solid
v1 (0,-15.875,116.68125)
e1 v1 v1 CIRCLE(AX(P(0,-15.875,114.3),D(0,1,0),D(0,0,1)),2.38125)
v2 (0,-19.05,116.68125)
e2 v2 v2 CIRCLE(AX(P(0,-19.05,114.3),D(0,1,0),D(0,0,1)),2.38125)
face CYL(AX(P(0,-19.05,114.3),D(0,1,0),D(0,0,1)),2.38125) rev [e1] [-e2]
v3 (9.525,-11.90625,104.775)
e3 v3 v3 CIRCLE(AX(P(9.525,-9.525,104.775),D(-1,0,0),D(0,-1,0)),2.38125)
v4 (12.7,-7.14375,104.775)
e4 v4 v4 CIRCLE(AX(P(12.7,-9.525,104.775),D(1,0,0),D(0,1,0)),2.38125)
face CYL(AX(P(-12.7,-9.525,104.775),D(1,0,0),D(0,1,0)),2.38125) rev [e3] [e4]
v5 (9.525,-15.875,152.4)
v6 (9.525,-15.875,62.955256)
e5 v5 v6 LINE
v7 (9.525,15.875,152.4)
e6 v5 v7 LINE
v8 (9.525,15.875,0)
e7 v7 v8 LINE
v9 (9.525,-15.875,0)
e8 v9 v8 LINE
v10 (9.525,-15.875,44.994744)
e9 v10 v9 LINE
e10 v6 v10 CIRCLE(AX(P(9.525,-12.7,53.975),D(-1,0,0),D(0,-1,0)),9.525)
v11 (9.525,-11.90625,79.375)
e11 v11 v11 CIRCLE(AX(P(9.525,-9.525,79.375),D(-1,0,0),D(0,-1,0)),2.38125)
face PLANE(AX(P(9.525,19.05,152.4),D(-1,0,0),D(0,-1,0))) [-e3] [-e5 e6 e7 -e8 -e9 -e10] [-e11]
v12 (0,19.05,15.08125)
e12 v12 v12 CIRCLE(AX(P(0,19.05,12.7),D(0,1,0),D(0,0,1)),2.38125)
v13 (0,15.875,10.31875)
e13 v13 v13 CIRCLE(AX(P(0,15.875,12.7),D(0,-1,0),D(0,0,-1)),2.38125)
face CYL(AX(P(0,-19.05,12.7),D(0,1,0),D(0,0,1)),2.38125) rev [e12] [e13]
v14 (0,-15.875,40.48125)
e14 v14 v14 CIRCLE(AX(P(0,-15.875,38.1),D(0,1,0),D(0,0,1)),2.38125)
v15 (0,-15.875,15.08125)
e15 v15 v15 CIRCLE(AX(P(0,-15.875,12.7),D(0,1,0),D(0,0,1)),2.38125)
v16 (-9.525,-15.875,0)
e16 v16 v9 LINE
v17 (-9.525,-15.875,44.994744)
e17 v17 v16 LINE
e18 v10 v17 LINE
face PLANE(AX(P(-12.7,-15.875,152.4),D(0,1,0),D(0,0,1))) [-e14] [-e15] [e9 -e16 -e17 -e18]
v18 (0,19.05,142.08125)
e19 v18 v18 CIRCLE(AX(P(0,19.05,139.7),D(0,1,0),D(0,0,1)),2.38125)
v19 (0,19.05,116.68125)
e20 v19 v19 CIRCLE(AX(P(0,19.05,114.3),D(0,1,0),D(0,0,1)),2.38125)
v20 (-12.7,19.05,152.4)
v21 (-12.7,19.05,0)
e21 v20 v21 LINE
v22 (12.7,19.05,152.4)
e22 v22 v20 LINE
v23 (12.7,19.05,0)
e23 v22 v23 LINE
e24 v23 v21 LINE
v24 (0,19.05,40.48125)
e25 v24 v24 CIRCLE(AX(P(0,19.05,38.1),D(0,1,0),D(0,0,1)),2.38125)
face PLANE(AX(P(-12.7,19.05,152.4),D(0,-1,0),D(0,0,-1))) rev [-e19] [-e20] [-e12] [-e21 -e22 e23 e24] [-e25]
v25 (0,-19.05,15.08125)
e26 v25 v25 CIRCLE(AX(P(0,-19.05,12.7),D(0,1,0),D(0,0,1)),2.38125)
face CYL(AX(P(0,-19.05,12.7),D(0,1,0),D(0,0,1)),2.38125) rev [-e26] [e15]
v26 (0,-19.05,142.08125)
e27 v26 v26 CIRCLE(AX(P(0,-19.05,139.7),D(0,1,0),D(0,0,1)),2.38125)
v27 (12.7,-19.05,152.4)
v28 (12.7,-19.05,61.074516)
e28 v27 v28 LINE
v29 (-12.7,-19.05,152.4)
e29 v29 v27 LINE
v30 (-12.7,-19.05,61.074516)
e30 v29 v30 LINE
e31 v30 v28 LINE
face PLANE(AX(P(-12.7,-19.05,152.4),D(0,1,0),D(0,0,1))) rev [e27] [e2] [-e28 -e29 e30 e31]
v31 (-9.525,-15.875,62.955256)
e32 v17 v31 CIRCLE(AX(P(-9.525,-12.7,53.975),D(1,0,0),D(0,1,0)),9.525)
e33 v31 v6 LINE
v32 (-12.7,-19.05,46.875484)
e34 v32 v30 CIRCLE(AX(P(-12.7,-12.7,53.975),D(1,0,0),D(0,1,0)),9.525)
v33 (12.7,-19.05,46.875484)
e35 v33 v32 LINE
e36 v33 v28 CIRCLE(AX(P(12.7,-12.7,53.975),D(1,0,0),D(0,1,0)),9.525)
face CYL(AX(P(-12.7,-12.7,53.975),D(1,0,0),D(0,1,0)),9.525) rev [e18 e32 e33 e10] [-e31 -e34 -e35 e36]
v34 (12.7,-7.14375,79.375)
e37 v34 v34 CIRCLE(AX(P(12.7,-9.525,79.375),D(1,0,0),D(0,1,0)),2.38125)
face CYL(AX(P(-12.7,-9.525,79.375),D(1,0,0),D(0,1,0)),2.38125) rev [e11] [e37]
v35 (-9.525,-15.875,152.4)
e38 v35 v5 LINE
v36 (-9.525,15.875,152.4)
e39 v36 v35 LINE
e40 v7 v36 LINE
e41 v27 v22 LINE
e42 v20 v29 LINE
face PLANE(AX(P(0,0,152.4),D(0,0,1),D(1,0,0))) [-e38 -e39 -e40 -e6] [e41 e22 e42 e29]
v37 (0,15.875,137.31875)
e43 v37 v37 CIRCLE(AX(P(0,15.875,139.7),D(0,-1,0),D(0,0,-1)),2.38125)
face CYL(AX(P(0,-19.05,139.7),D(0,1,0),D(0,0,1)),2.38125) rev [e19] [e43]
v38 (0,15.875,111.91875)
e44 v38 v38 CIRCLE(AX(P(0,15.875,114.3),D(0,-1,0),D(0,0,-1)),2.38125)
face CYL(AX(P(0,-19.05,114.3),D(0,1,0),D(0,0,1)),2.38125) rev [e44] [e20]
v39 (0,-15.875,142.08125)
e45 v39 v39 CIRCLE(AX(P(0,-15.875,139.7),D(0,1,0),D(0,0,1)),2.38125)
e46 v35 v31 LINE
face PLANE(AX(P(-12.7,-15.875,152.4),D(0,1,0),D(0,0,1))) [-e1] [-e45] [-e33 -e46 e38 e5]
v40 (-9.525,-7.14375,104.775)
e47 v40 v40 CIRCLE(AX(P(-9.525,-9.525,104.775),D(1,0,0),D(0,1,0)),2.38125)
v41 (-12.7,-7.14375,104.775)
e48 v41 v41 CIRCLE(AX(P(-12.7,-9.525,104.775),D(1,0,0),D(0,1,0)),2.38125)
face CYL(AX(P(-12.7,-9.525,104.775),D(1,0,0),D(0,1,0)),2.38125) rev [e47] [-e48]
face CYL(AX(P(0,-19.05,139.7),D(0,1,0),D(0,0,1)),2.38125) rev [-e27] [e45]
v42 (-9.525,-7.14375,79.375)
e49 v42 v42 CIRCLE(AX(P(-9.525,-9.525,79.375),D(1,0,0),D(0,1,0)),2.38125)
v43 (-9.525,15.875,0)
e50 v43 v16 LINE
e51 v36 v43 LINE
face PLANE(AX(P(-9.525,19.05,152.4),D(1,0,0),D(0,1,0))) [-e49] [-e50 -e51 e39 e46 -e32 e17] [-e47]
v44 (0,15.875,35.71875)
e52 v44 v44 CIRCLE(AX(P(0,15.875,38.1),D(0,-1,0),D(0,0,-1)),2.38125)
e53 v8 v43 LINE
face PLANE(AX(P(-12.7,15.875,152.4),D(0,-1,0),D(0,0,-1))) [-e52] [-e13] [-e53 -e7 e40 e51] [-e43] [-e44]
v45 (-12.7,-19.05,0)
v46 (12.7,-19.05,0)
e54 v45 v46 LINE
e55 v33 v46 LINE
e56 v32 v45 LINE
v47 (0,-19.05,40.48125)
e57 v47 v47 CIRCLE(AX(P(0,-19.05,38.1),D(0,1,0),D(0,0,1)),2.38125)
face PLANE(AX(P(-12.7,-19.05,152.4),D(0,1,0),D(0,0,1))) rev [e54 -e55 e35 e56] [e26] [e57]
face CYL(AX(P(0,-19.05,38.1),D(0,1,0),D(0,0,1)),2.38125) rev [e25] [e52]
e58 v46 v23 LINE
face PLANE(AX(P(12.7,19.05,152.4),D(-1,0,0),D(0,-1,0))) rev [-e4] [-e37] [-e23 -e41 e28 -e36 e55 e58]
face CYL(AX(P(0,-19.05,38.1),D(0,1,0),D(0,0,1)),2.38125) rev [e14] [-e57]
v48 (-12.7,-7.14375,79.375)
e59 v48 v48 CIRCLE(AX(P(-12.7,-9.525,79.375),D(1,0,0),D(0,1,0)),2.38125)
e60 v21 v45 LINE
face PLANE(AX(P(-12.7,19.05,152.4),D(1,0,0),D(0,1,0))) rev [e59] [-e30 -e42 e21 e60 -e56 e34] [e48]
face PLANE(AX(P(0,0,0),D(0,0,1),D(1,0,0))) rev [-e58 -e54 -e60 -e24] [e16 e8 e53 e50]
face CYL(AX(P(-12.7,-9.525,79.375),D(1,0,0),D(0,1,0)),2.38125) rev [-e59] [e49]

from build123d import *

# Parameters (mm, degrees)
SKETCH1_W           = 25.4
SKETCH1_H           = 38.1
BOSS_EXTRUDE1_DEPTH = 152.4
SHELL1_T            = -3.175
SKETCH2_R           = 9.525
CUT_EXTRUDE1_DEPTH  = 156.672163536
SKETCH3_R           = 2.38125
CUT_EXTRUDE2_DEPTH  = 158.602855304
SKETCH4_R           = 2.38125
CUT_EXTRUDE3_DEPTH  = 156.672163536
SKETCH5_R           = 2.38125
CUT_EXTRUDE4_DEPTH  = 158.602855304


with BuildPart() as part:
    # Sketch1 → Boss-Extrude1 (new body)
    with BuildSketch(Plane.XY):
        Rectangle(SKETCH1_W, SKETCH1_H)
    extrude(amount=BOSS_EXTRUDE1_DEPTH)

    # Shell1
    shell1_openings = [part.faces().sort_by_distance(p)[0] for p in [
        (0, 0, 152.4),
        (0, 0, 0),
    ]]
    offset(amount=SHELL1_T, openings=shell1_openings, kind=Kind.INTERSECTION)

    # Sketch2 → Cut-Extrude1 (cut, through all)
    with BuildSketch(Plane(origin=(12.7, 0, 0), x_dir=(0, 0, -1), z_dir=(1, 0, 0))):
        with Locations((-53.975, -12.7)):
            Circle(SKETCH2_R)
    extrude(amount=-CUT_EXTRUDE1_DEPTH, mode=Mode.SUBTRACT)

    # Sketch3 → Cut-Extrude2 (cut, through all)
    with BuildSketch(Plane(origin=(0, 19.05, 0), x_dir=(1, 0, 0), z_dir=(0, 1, 0))):
        with Locations(Location((0, -139.7, 0), (0, 0, 270))):
            Circle(SKETCH3_R)
        with Locations(Location((0, -114.3, 0), (0, 0, 270))):
            Circle(SKETCH3_R)
    extrude(amount=-CUT_EXTRUDE2_DEPTH, mode=Mode.SUBTRACT)

    # Sketch4 → Cut-Extrude3 (cut, through all)
    with BuildSketch(Plane(origin=(12.7, 0, 0), x_dir=(0, 0, -1), z_dir=(1, 0, 0))):
        with Locations(Location((-79.375, -9.525, 0), (0, 0, 90))):
            Circle(SKETCH4_R)
        with Locations(Location((-104.775, -9.525, 0), (0, 0, 90))):
            Circle(SKETCH4_R)
    extrude(amount=-CUT_EXTRUDE3_DEPTH, mode=Mode.SUBTRACT)

    # Sketch5 → Cut-Extrude4 (cut, through all)
    with BuildSketch(Plane(origin=(0, 19.05, 0), x_dir=(1, 0, 0), z_dir=(0, 1, 0))):
        with Locations(Location((0, -12.7, 0), (0, 0, 270))):
            Circle(SKETCH5_R)
        with Locations(Location((0, -38.1, 0), (0, 0, 270))):
            Circle(SKETCH5_R)
    extrude(amount=-CUT_EXTRUDE4_DEPTH, mode=Mode.SUBTRACT)


solid = part.part
